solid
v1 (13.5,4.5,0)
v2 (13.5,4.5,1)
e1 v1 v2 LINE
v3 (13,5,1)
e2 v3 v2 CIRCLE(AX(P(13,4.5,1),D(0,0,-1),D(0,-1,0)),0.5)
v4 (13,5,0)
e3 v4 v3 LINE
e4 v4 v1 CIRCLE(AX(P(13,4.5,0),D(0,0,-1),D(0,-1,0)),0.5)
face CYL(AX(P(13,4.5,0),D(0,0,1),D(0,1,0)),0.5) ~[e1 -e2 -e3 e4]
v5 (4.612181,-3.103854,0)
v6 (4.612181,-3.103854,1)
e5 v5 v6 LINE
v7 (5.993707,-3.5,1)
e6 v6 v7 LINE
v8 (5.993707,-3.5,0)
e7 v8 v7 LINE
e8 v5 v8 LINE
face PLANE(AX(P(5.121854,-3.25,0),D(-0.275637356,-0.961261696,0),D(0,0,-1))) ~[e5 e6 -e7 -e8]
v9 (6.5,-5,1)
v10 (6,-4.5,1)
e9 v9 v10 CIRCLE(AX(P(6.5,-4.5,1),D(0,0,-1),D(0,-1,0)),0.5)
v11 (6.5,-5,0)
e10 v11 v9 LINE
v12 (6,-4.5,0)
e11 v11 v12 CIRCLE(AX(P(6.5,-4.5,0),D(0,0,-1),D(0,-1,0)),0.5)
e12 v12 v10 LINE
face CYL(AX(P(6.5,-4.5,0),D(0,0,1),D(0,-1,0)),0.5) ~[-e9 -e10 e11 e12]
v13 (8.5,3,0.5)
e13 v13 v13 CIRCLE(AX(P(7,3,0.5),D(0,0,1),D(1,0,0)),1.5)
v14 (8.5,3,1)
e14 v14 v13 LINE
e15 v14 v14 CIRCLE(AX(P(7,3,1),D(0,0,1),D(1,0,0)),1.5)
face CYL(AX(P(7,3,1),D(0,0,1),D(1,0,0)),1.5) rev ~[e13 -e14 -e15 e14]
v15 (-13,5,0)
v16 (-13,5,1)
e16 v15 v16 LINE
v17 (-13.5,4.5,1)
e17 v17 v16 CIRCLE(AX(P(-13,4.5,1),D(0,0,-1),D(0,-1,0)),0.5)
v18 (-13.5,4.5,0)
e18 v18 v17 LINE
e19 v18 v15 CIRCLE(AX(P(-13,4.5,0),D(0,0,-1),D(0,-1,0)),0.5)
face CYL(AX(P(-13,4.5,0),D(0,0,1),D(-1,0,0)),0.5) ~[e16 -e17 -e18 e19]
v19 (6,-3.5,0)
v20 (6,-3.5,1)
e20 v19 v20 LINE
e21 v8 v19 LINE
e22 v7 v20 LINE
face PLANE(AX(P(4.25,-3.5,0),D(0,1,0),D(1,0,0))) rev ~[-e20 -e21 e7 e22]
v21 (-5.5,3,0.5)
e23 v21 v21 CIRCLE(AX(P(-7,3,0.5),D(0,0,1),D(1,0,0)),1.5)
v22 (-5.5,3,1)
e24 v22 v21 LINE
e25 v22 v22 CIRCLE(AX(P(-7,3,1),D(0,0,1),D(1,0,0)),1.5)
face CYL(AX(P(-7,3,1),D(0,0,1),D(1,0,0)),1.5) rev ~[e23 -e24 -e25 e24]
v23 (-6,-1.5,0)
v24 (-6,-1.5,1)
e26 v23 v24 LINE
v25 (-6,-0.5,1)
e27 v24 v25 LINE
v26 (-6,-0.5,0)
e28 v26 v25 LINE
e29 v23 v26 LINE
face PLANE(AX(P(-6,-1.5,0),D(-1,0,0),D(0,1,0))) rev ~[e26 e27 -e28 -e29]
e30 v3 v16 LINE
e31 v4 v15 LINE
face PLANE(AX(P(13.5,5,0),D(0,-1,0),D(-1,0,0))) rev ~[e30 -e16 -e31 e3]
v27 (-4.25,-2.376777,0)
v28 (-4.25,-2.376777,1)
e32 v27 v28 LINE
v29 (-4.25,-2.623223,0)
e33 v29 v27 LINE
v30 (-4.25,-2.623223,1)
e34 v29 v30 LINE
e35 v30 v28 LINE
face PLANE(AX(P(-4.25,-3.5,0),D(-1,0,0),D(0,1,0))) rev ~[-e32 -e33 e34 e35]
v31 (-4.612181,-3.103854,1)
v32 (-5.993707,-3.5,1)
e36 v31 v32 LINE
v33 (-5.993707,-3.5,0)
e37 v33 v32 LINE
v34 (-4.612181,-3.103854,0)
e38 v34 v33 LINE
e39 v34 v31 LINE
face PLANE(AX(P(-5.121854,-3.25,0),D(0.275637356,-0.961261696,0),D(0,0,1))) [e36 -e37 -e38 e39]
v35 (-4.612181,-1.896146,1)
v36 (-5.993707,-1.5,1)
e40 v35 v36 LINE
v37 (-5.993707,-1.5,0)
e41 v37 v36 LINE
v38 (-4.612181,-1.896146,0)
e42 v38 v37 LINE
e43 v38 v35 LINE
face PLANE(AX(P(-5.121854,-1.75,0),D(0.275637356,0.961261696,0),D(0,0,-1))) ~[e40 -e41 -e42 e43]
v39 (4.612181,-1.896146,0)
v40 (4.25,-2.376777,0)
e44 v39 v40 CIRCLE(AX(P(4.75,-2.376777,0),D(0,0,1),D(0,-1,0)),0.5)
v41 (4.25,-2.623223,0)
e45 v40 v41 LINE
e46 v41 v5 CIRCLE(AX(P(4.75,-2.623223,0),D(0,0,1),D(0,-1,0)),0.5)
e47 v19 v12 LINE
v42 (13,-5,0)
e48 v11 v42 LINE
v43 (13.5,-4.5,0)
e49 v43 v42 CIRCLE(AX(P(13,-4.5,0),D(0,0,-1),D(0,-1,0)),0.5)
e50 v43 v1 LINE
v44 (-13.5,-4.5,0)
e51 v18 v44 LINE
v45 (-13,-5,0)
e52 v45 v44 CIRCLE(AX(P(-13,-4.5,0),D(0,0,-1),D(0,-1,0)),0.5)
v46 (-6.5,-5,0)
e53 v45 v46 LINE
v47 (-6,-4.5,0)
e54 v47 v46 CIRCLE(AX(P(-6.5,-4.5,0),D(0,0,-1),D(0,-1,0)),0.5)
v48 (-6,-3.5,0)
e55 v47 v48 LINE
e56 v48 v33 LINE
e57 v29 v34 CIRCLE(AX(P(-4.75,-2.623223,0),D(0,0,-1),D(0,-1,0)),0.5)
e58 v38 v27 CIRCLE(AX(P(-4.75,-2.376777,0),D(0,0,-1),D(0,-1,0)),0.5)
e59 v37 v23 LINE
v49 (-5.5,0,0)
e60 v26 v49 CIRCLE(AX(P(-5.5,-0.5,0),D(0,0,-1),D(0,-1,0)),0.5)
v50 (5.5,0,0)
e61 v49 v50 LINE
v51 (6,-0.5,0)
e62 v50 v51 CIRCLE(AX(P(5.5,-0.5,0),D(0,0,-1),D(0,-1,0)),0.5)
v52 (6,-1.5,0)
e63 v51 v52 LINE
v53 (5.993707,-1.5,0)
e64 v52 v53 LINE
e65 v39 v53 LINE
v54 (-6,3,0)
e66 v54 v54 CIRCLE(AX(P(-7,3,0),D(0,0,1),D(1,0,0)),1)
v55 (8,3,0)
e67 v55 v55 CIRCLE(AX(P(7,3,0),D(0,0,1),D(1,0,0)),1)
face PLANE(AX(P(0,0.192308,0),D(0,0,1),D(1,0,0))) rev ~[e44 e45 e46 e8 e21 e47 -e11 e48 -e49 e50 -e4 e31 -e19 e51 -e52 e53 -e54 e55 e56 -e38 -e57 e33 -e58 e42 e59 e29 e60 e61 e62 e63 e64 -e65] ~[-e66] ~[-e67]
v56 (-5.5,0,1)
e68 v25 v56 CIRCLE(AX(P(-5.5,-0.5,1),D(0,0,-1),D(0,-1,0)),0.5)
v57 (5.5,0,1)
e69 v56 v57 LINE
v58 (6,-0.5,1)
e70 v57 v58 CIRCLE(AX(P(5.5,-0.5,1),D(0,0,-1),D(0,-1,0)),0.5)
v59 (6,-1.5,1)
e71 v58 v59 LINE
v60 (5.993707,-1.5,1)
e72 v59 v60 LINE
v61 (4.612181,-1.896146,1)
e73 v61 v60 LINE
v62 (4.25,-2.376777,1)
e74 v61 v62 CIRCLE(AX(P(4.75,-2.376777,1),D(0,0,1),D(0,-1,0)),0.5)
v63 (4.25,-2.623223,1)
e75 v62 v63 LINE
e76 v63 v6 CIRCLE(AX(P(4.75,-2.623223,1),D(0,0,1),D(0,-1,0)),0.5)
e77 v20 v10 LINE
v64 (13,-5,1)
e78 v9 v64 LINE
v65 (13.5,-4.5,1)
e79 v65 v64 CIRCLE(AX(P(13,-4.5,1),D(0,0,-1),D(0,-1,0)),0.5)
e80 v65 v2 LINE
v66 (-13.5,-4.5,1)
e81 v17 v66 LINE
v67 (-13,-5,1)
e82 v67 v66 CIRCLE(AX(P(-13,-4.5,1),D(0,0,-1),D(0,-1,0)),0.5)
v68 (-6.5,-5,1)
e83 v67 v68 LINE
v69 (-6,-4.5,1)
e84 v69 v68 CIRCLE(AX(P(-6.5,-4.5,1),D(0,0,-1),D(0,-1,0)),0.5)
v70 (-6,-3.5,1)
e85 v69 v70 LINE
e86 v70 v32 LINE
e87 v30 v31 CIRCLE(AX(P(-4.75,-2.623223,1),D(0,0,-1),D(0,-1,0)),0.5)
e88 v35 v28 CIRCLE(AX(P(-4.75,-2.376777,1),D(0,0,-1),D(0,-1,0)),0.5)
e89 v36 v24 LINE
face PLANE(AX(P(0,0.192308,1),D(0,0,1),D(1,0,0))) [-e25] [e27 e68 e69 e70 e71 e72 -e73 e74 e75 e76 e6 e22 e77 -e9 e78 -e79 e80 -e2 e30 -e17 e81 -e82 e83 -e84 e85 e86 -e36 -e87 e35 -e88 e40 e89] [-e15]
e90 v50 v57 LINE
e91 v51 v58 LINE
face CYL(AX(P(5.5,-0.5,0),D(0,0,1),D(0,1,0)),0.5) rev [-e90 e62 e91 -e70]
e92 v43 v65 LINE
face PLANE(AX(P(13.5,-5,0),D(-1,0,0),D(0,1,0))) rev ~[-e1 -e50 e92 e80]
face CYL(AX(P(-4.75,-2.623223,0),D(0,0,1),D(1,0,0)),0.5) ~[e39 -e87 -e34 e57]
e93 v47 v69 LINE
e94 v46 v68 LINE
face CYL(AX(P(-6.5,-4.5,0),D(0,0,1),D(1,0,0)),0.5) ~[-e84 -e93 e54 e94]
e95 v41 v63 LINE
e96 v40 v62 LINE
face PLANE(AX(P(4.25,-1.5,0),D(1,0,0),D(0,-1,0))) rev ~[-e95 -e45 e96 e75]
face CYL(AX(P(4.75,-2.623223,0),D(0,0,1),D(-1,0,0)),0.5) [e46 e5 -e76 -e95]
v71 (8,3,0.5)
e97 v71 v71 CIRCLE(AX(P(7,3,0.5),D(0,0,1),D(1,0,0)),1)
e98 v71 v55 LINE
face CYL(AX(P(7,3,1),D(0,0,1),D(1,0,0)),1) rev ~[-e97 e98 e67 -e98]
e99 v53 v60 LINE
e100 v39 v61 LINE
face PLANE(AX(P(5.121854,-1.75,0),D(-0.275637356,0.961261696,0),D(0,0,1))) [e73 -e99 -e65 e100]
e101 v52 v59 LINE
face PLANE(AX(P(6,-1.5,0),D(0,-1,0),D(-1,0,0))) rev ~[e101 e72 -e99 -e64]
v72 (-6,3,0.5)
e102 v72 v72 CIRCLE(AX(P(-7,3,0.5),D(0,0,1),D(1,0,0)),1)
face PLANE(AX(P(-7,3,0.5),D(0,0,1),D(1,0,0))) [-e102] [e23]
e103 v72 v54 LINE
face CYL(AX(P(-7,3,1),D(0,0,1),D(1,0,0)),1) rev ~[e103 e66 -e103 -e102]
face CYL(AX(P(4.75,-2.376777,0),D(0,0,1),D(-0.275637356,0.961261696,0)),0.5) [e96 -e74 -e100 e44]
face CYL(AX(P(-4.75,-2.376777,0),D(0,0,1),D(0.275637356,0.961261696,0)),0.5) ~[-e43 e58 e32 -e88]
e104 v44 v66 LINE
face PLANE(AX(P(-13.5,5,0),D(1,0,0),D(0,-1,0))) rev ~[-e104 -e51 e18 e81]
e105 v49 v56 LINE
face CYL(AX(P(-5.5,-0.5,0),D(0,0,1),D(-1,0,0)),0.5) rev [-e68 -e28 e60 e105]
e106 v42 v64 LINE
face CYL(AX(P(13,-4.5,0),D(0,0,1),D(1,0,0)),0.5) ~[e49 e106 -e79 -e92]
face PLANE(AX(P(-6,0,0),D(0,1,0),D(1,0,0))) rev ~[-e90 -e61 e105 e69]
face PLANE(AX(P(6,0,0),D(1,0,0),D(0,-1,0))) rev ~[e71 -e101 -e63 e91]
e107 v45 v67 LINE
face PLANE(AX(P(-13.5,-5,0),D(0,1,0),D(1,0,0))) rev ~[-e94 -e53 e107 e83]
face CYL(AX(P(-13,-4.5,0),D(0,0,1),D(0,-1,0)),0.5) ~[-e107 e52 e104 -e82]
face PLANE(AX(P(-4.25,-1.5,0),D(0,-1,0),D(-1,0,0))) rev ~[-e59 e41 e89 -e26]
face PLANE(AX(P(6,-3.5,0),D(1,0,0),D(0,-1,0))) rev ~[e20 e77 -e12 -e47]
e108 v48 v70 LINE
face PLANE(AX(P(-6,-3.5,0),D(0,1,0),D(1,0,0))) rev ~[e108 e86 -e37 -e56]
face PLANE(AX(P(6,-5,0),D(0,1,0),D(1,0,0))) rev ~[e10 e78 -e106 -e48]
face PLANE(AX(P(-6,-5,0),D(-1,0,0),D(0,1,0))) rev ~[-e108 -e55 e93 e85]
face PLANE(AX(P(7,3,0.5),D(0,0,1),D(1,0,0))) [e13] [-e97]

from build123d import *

# Parameters (mm, degrees)
BOSS_EXTRUDE1_DEPTH   = 1
CHAMFER1_SIZE         = 0.5
CHAMFER1_SIZE2        = 1.743707222
CHAMFER1_PART_2_SIZE  = 0.5
CHAMFER1_PART_2_SIZE2 = 1.743707222
FILLET1_R             = 0.5
SKETCH2_R             = 1
CUT_EXTRUDE1_DEPTH    = 1
FILLET2_R             = 0.5
SKETCH3_R             = 1.5
CUT_EXTRUDE2_DEPTH    = 0.5


with BuildPart() as part:
    # Sketch1 → Boss-Extrude1 (new body)
    with BuildSketch(Plane.XY):
        Polygon((-6, -1.5), (-6, 0), (6, 0), (6, -1.5), (4.25, -1.5), (4.25, -3.5), (6, -3.5), (6, -5), (13.5, -5), (13.5, 5), (-13.5, 5), (-13.5, -5), (-6, -5), (-6, -3.5), (-4.25, -3.5), (-4.25, -1.5), align=None)
    extrude(amount=BOSS_EXTRUDE1_DEPTH)

    # Chamfer1
    chamfer1_edges = [part.edges().sort_by_distance(p)[0] for p in [
        (4.25, -3.5, 0.5),
        (4.25, -1.5, 0.5),
    ]]
    chamfer1_side = [part.faces().sort_by_distance(p)[0] for p in [
        (4.25, -2.5, 0.5),
    ]]
    chamfer(chamfer1_edges, length=CHAMFER1_SIZE, length2=CHAMFER1_SIZE2, reference=chamfer1_side[0])

    # Chamfer1 part 2
    chamfer1_part_2_edges = [part.edges().sort_by_distance(p)[0] for p in [
        (-4.25, -1.5, 0.5),
        (-4.25, -3.5, 0.5),
    ]]
    chamfer1_part_2_side = [part.faces().sort_by_distance(p)[0] for p in [
        (-4.25, -2.5, 0.5),
    ]]
    chamfer(chamfer1_part_2_edges, length=CHAMFER1_PART_2_SIZE, length2=CHAMFER1_PART_2_SIZE2, reference=chamfer1_part_2_side[0])

    # Fillet1
    fillet1_edges = [part.edges().sort_by_distance(p)[0] for p in [
        (4.25, -2, 0.5),
        (4.25, -3, 0.5),
        (-4.25, -2, 0.5),
        (-4.25, -3, 0.5),
    ]]
    fillet(fillet1_edges, radius=FILLET1_R)

    # Sketch2 → Cut-Extrude1 (cut)
    with BuildSketch(Plane.XY.offset(1)):
        with Locations((-7, 3)):
            Circle(SKETCH2_R)
        with Locations((7, 3)):
            Circle(SKETCH2_R)
    extrude(amount=-CUT_EXTRUDE1_DEPTH, mode=Mode.SUBTRACT)

    # Fillet2
    fillet2_edges = [part.edges().sort_by_distance(p)[0] for p in [
        (6, -5, 0.5),
        (6, 0, 0.5),
        (-6, 0, 0.5),
        (-6, -5, 0.5),
        (-13.5, -5, 0.5),
        (-13.5, 5, 0.5),
        (13.5, 5, 0.5),
        (13.5, -5, 0.5),
    ]]
    fillet(fillet2_edges, radius=FILLET2_R)

    # Sketch3 → Cut-Extrude2 (cut)
    with BuildSketch(Plane.XY.offset(1)):
        with Locations((-7, 3)):
            Circle(SKETCH3_R)
        with Locations((7, 3)):
            Circle(SKETCH3_R)
    extrude(amount=-CUT_EXTRUDE2_DEPTH, mode=Mode.SUBTRACT)


solid = part.part
